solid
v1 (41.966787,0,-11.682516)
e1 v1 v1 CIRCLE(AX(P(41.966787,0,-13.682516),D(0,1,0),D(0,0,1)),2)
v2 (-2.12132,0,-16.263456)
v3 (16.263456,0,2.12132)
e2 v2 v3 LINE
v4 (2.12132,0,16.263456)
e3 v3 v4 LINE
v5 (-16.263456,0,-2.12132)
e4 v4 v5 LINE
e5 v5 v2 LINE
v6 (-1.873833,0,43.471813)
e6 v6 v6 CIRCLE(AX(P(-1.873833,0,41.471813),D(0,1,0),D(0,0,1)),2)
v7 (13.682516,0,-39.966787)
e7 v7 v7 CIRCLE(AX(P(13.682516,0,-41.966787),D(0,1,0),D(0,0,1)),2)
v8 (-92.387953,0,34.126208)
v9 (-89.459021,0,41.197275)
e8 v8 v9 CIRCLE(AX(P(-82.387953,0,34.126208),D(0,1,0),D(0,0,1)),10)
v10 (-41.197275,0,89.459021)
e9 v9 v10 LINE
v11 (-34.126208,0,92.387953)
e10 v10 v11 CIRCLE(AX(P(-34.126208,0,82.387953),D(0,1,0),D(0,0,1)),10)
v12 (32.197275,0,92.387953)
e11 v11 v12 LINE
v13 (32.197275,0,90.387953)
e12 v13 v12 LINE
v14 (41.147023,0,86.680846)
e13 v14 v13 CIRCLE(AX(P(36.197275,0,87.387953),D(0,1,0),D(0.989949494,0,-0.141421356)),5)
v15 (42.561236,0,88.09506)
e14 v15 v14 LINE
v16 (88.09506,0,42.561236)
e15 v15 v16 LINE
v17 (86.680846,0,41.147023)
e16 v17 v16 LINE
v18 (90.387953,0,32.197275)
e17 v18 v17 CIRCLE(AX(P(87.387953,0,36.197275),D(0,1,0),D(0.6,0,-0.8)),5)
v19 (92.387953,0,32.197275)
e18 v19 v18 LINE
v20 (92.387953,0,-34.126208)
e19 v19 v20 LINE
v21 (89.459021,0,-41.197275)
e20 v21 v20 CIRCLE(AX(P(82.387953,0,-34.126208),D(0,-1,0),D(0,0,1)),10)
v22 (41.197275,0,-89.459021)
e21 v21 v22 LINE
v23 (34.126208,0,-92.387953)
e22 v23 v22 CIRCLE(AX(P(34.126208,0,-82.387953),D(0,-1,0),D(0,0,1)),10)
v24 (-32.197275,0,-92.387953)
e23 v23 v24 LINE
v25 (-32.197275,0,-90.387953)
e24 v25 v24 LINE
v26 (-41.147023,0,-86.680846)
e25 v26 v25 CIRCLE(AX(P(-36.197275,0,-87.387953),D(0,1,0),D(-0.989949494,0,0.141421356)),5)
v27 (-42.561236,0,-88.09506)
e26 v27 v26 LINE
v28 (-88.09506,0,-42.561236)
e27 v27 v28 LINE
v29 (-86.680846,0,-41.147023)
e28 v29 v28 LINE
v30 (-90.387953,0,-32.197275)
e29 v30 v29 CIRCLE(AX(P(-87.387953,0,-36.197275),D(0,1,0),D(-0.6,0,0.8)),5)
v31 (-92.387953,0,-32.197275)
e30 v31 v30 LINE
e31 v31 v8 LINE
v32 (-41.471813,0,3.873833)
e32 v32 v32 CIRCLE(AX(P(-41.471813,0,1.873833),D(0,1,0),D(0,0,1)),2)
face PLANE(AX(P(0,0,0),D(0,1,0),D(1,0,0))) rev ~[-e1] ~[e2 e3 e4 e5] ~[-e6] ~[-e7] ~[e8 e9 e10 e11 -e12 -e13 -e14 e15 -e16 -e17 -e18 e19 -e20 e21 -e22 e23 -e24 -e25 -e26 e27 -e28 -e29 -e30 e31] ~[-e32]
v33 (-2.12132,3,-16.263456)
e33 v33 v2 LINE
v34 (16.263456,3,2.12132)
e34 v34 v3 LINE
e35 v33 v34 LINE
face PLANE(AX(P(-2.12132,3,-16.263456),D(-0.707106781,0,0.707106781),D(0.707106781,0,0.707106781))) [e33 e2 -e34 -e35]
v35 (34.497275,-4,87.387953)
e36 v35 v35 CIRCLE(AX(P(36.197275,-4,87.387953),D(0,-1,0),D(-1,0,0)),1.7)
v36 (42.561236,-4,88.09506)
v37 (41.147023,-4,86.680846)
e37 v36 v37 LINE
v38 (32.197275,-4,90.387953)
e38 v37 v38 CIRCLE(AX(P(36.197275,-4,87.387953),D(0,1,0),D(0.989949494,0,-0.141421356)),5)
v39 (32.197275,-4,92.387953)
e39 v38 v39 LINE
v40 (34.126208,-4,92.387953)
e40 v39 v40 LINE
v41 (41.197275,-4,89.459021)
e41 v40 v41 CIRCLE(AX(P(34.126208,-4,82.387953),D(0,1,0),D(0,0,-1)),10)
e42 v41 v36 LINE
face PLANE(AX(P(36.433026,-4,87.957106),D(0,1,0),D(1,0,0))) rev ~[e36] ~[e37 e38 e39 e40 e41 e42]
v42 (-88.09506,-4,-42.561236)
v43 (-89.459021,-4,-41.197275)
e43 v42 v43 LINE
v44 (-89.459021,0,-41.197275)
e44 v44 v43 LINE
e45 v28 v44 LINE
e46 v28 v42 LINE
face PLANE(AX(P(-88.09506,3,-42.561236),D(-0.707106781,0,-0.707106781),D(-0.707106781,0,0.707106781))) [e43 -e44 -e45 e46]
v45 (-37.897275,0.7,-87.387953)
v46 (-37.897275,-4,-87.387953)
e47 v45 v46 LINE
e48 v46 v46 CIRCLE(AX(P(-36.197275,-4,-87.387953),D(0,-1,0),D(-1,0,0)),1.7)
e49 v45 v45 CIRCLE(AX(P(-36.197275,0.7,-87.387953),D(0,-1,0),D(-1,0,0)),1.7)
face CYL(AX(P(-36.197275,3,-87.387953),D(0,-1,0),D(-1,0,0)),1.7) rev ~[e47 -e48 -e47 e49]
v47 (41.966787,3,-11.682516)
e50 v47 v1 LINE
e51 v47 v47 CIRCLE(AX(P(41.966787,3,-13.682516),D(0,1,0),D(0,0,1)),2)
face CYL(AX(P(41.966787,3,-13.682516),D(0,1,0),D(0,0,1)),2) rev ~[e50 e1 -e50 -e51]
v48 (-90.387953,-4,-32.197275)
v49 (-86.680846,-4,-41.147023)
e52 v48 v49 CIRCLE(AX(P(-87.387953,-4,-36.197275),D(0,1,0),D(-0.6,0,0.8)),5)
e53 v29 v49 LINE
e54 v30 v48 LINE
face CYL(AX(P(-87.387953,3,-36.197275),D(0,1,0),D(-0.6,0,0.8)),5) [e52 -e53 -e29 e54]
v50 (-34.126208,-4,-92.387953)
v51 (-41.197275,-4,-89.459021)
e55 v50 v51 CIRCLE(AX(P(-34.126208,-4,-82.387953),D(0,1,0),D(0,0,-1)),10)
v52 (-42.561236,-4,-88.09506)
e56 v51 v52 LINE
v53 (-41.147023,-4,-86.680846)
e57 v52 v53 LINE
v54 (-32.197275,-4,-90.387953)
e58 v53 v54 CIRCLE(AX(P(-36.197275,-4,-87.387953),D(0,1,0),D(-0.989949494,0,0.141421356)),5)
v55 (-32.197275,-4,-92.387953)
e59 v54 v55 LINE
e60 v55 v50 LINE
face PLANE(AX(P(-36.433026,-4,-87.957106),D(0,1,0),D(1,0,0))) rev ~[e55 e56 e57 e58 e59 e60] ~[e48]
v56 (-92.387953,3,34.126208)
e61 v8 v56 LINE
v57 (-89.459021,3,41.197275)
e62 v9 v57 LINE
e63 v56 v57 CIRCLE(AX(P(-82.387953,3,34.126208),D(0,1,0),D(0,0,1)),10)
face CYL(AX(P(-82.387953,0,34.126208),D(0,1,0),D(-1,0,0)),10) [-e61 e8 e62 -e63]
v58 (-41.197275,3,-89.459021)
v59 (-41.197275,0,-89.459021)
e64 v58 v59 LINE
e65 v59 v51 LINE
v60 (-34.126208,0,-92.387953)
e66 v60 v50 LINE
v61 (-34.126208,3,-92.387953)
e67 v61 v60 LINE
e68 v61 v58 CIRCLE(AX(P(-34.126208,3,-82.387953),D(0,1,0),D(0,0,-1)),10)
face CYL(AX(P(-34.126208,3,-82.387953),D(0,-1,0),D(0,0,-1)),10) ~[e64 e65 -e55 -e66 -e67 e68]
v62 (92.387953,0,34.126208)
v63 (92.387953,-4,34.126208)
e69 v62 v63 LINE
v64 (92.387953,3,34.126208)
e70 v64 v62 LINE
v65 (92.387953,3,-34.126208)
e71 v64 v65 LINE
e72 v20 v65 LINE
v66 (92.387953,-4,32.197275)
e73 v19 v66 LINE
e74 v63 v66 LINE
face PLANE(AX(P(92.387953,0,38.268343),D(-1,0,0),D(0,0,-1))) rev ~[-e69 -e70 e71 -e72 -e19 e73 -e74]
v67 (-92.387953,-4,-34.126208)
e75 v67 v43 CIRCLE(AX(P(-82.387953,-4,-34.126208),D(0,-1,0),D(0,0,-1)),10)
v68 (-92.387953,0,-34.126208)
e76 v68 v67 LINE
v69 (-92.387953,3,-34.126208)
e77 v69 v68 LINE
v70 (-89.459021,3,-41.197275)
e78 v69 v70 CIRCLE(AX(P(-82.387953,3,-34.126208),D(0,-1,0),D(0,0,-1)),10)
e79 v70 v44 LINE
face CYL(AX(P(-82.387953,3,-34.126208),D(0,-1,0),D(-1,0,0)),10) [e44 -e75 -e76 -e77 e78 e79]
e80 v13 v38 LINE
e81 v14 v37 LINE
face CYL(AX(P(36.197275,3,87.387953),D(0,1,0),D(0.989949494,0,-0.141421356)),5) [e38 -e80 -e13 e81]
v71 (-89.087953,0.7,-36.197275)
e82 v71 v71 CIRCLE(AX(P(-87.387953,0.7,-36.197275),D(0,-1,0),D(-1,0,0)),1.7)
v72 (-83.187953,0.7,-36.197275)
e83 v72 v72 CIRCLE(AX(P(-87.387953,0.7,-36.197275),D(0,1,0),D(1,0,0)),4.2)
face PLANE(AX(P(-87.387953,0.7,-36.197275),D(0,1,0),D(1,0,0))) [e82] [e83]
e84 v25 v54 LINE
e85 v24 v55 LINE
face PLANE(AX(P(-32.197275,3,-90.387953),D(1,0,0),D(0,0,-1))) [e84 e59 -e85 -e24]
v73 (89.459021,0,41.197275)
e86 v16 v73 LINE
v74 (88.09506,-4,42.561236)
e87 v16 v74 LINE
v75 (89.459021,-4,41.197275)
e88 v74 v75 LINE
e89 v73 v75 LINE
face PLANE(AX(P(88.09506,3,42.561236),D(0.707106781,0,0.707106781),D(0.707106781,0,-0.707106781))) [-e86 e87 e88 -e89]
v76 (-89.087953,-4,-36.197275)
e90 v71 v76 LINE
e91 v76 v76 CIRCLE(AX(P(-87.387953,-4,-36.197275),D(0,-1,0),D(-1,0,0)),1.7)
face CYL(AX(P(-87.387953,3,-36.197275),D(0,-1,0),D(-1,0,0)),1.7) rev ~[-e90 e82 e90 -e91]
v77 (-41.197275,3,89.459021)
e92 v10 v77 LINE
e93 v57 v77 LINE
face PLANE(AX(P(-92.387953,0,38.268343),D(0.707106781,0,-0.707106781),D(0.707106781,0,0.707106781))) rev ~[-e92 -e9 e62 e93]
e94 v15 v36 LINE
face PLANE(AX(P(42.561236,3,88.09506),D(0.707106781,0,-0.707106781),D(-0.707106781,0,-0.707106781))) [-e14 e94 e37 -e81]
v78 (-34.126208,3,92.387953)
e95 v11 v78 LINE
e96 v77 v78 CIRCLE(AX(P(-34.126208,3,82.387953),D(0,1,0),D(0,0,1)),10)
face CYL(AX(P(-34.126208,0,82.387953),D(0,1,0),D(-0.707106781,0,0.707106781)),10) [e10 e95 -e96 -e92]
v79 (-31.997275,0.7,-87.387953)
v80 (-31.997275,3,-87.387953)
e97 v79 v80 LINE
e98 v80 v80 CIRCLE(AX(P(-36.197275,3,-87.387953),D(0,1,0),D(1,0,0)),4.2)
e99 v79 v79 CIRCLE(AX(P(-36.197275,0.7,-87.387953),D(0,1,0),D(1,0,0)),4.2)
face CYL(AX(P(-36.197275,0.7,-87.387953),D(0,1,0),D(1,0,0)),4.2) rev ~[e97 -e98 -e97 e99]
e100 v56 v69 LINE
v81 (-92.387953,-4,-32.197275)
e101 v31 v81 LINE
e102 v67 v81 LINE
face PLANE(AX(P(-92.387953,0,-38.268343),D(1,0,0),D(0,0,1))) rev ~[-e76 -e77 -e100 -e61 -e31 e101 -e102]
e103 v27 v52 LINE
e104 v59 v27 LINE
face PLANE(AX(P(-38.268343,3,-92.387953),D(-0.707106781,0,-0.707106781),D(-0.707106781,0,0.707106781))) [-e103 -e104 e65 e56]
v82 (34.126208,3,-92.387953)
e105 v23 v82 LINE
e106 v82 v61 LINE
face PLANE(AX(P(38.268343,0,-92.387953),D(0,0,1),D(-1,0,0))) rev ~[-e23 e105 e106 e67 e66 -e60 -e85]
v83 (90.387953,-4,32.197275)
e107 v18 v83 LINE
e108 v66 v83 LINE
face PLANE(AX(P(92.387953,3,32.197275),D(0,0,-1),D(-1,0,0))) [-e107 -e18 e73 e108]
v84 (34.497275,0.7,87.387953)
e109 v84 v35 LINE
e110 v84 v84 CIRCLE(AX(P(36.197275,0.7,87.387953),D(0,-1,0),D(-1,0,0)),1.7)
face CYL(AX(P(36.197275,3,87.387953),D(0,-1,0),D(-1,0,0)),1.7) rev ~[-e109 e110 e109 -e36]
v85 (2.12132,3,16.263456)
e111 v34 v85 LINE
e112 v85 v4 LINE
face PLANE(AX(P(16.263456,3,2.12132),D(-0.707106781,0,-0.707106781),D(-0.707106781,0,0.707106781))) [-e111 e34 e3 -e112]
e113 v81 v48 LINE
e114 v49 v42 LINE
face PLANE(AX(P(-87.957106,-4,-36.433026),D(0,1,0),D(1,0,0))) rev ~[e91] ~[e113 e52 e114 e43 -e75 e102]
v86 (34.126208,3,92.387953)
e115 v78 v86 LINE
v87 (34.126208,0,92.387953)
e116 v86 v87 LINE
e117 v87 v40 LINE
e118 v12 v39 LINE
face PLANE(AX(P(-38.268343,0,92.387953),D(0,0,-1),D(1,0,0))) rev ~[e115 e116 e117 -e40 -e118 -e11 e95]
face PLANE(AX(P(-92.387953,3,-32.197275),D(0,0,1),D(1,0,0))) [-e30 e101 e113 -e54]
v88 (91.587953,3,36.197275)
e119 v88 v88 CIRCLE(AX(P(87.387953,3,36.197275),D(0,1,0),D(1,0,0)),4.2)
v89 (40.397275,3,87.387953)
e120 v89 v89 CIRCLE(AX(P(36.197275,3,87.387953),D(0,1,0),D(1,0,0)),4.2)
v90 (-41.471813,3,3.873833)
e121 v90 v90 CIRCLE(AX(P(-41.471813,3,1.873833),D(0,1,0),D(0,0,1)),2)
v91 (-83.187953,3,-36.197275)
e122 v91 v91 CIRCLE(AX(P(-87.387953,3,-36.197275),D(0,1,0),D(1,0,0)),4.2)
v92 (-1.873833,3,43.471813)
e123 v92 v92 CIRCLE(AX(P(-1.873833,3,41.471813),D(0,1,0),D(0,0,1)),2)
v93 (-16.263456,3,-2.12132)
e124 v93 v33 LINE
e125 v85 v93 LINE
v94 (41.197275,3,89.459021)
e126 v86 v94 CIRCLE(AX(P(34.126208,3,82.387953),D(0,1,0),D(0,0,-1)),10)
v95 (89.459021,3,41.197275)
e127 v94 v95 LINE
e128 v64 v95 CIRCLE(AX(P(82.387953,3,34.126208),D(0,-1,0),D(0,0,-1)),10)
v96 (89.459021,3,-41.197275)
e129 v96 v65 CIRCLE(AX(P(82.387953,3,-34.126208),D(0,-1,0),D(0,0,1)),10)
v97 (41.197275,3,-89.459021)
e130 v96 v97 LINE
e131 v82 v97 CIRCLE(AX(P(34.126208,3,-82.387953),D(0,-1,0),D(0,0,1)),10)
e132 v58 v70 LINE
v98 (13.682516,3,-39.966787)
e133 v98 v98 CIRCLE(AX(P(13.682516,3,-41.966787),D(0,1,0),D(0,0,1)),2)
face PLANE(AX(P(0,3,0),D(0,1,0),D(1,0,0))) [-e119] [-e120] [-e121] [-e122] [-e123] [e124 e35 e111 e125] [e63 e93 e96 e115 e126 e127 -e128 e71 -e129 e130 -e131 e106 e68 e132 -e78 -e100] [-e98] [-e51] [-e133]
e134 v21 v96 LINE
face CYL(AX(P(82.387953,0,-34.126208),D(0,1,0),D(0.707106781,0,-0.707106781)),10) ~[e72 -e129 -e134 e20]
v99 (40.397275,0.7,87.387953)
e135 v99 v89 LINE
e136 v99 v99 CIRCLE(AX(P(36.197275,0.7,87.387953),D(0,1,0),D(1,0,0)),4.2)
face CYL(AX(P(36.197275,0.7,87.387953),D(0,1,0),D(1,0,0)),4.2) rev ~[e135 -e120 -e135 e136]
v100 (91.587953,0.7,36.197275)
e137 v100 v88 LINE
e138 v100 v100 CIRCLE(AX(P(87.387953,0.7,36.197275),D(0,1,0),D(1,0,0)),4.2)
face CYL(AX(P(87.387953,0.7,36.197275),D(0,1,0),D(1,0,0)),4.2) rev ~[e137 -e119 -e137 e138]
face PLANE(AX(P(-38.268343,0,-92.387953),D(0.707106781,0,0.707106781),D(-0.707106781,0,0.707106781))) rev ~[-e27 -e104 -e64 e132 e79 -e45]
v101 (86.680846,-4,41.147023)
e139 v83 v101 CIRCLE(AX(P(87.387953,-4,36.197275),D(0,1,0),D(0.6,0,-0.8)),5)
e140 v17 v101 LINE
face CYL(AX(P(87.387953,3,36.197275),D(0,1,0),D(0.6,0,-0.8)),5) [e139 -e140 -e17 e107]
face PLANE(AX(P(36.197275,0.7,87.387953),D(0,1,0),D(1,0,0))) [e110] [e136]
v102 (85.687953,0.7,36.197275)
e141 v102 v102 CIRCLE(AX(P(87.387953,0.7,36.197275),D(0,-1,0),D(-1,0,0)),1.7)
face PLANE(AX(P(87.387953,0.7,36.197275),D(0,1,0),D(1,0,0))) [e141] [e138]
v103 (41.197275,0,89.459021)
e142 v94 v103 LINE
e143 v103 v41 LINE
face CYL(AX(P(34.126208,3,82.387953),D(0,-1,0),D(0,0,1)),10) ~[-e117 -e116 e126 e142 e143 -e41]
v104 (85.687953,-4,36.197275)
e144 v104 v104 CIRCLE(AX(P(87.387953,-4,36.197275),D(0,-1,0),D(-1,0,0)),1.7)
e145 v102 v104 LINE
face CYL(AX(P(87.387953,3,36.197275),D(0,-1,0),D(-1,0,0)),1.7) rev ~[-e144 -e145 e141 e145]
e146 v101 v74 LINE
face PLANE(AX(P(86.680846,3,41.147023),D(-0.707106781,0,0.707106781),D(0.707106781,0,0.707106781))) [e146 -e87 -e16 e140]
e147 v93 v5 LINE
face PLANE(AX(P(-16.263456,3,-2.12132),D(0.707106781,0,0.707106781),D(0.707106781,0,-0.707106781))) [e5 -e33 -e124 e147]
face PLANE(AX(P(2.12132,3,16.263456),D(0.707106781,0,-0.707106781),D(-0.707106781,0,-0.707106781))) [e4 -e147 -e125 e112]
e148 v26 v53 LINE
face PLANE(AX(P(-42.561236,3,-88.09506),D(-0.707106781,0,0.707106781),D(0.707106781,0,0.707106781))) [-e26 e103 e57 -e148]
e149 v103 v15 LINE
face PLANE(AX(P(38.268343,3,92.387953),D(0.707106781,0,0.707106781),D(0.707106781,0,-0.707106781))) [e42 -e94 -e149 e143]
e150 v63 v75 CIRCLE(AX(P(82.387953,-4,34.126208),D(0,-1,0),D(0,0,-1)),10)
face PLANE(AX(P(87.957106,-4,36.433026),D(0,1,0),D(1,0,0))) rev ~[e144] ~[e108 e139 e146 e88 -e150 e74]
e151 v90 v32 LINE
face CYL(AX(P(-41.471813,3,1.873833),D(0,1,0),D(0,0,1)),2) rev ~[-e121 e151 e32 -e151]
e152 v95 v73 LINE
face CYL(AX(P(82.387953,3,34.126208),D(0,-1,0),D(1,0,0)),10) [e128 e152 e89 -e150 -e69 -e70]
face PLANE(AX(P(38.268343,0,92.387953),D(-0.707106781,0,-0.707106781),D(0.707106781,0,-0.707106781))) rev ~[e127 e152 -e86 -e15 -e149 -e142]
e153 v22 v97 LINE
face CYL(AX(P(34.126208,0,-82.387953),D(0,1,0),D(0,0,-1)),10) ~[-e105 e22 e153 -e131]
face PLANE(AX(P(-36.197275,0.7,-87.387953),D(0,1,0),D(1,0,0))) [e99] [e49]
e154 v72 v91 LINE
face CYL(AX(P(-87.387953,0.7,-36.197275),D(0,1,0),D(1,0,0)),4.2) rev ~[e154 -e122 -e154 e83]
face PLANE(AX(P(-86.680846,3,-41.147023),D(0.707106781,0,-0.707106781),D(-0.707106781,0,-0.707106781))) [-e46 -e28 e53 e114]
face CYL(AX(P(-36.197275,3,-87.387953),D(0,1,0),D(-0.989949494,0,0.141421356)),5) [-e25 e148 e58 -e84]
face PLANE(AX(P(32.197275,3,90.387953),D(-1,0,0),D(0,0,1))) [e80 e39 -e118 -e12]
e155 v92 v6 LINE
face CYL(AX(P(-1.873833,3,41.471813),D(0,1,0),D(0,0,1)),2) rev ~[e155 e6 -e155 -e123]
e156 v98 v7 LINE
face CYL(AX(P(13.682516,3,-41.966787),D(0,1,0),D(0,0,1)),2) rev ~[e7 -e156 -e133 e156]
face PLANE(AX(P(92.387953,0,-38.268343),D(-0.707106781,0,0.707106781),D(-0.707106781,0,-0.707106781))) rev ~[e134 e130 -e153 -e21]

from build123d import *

# Parameters (mm, degrees)
BOSS_EXTRUDE1_DEPTH                              = 3
BOSS_EXTRUDE3_DEPTH                              = 7
CBORE_FOR_M3_HEX_HEAD_MACHINE_SCREW1_D           = 3.4
CBORE_FOR_M3_HEX_HEAD_MACHINE_SCREW1_CBORE_D     = 8.4
CBORE_FOR_M3_HEX_HEAD_MACHINE_SCREW1_CBORE_DEPTH = 2.3
FILLET1_R                                        = 10
SKETCH23_R                                       = 2
CUT_EXTRUDE1_DEPTH                               = 131.843677004
CUT_EXTRUDE2_DEPTH                               = 131.843677004


with BuildPart() as part:
    # Sketch1 → Boss-Extrude1 (new body)
    with BuildSketch(Plane(origin=(0, 0, 0), x_dir=(1, 0, 0), z_dir=(0, 1, 0))):
        Polygon((92.387953251, -38.268343237), (92.387953251, 38.268343237), (38.268343237, 92.387953251), (-38.268343237, 92.387953251), (-92.387953251, 38.268343237), (-92.387953251, -38.268343237), (-38.268343237, -92.387953251), (38.268343237, -92.387953251), align=None)
    extrude(amount=BOSS_EXTRUDE1_DEPTH)

    # Sketch13 → Boss-Extrude3 (add)
    with BuildSketch(Plane(origin=(0, 3, 0), x_dir=(1, 0, 0), z_dir=(0, 1, 0))):
        with BuildLine():
            ThreePointArc((-90.387953251, 32.197275425), (-82.768555589, 34.283858263), (-86.68084647, 41.147022893))
            Line((-86.68084647, 41.147022893), (-88.095060032, 42.561236455))
            Line((-88.095060032, 42.561236455), (-92.387953251, 38.268343237))
            Line((-92.387953251, 38.268343237), (-92.387953251, 32.197275425))
            Line((-92.387953251, 32.197275425), (-90.387953251, 32.197275425))
        make_face()
        with BuildLine():
            Line((92.387953251, -32.197275425), (90.387953251, -32.197275425))
            ThreePointArc((90.387953251, -32.197275425), (82.768555589, -34.283858263), (86.68084647, -41.147022893))
            Line((86.68084647, -41.147022893), (88.095060032, -42.561236455))
            Line((88.095060032, -42.561236455), (92.387953251, -38.268343237))
            Line((92.387953251, -38.268343237), (92.387953251, -32.197275425))
        make_face()
        with BuildLine():
            Line((38.268343237, -92.387953251), (42.561236455, -88.095060032))
            Line((42.561236455, -88.095060032), (41.147022893, -86.68084647))
            ThreePointArc((41.147022893, -86.68084647), (34.283858263, -82.768555589), (32.197275425, -90.387953251))
            Line((32.197275425, -90.387953251), (32.197275425, -92.387953251))
            Line((32.197275425, -92.387953251), (38.268343237, -92.387953251))
        make_face()
        with BuildLine():
            ThreePointArc((-41.147022893, 86.68084647), (-34.283858263, 82.768555589), (-32.197275425, 90.387953251))
            Line((-32.197275425, 90.387953251), (-32.197275425, 92.387953251))
            Line((-32.197275425, 92.387953251), (-38.268343237, 92.387953251))
            Line((-38.268343237, 92.387953251), (-42.561236455, 88.095060032))
            Line((-42.561236455, 88.095060032), (-41.147022893, 86.68084647))
        make_face()
    extrude(amount=-BOSS_EXTRUDE3_DEPTH)

    # CBORE for M3 Hex Head Machine Screw1 (through all)
    with Locations(Plane(origin=(0, 3, 0), x_dir=(1, 0, 0), z_dir=(0, 1, 0))):
        with Locations((36.197275425, -87.387953251), (87.387953251, -36.197275425), (-36.197275425, 87.387953251), (-87.387953251, 36.197275425)):
            CounterBoreHole(CBORE_FOR_M3_HEX_HEAD_MACHINE_SCREW1_D / 2, CBORE_FOR_M3_HEX_HEAD_MACHINE_SCREW1_CBORE_D / 2, CBORE_FOR_M3_HEX_HEAD_MACHINE_SCREW1_CBORE_DEPTH)

    # Fillet1
    fillet1_edges = [part.edges().sort_by_distance(p)[0] for p in [
        (-92.387953251, 1.5, 38.268343237),
        (-92.387953251, -0.5, -38.268343237),
        (-38.268343237, -0.5, -92.387953251),
        (38.268343237, 1.5, -92.387953251),
        (92.387953251, 1.5, -38.268343237),
        (92.387953251, -0.5, 38.268343237),
        (38.268343237, -0.5, 92.387953251),
        (-38.268343237, 1.5, 92.387953251),
    ]]
    fillet(fillet1_edges, radius=FILLET1_R)

    # Sketch23 → Cut-Extrude1 (cut, through all)
    with BuildSketch(Plane(origin=(0, 3, 0), x_dir=(1, 0, 0), z_dir=(0, 1, 0))):
        with Locations(Location((-41.471812717, -1.87383297, 0), (0, 0, 270))):
            Circle(SKETCH23_R)
        with Locations(Location((13.682516216, 41.966787463, 0), (0, 0, 270))):
            Circle(SKETCH23_R)
        with Locations(Location((41.966787463, 13.682516216, 0), (0, 0, 270))):
            Circle(SKETCH23_R)
        with Locations(Location((-1.87383297, -41.471812717, 0), (0, 0, 270))):
            Circle(SKETCH23_R)
    extrude(amount=-CUT_EXTRUDE1_DEPTH, mode=Mode.SUBTRACT)

    # Sketch24 → Cut-Extrude2 (cut, through all)
    with BuildSketch(Plane(origin=(0, 3, 0), x_dir=(1, 0, 0), z_dir=(0, 1, 0))):
        Polygon((-16.263455967, 2.121320344), (-2.121320344, 16.263455967), (16.263455967, -2.121320344), (2.121320344, -16.263455967), align=None)
    extrude(amount=-CUT_EXTRUDE2_DEPTH, mode=Mode.SUBTRACT)


solid = part.part
